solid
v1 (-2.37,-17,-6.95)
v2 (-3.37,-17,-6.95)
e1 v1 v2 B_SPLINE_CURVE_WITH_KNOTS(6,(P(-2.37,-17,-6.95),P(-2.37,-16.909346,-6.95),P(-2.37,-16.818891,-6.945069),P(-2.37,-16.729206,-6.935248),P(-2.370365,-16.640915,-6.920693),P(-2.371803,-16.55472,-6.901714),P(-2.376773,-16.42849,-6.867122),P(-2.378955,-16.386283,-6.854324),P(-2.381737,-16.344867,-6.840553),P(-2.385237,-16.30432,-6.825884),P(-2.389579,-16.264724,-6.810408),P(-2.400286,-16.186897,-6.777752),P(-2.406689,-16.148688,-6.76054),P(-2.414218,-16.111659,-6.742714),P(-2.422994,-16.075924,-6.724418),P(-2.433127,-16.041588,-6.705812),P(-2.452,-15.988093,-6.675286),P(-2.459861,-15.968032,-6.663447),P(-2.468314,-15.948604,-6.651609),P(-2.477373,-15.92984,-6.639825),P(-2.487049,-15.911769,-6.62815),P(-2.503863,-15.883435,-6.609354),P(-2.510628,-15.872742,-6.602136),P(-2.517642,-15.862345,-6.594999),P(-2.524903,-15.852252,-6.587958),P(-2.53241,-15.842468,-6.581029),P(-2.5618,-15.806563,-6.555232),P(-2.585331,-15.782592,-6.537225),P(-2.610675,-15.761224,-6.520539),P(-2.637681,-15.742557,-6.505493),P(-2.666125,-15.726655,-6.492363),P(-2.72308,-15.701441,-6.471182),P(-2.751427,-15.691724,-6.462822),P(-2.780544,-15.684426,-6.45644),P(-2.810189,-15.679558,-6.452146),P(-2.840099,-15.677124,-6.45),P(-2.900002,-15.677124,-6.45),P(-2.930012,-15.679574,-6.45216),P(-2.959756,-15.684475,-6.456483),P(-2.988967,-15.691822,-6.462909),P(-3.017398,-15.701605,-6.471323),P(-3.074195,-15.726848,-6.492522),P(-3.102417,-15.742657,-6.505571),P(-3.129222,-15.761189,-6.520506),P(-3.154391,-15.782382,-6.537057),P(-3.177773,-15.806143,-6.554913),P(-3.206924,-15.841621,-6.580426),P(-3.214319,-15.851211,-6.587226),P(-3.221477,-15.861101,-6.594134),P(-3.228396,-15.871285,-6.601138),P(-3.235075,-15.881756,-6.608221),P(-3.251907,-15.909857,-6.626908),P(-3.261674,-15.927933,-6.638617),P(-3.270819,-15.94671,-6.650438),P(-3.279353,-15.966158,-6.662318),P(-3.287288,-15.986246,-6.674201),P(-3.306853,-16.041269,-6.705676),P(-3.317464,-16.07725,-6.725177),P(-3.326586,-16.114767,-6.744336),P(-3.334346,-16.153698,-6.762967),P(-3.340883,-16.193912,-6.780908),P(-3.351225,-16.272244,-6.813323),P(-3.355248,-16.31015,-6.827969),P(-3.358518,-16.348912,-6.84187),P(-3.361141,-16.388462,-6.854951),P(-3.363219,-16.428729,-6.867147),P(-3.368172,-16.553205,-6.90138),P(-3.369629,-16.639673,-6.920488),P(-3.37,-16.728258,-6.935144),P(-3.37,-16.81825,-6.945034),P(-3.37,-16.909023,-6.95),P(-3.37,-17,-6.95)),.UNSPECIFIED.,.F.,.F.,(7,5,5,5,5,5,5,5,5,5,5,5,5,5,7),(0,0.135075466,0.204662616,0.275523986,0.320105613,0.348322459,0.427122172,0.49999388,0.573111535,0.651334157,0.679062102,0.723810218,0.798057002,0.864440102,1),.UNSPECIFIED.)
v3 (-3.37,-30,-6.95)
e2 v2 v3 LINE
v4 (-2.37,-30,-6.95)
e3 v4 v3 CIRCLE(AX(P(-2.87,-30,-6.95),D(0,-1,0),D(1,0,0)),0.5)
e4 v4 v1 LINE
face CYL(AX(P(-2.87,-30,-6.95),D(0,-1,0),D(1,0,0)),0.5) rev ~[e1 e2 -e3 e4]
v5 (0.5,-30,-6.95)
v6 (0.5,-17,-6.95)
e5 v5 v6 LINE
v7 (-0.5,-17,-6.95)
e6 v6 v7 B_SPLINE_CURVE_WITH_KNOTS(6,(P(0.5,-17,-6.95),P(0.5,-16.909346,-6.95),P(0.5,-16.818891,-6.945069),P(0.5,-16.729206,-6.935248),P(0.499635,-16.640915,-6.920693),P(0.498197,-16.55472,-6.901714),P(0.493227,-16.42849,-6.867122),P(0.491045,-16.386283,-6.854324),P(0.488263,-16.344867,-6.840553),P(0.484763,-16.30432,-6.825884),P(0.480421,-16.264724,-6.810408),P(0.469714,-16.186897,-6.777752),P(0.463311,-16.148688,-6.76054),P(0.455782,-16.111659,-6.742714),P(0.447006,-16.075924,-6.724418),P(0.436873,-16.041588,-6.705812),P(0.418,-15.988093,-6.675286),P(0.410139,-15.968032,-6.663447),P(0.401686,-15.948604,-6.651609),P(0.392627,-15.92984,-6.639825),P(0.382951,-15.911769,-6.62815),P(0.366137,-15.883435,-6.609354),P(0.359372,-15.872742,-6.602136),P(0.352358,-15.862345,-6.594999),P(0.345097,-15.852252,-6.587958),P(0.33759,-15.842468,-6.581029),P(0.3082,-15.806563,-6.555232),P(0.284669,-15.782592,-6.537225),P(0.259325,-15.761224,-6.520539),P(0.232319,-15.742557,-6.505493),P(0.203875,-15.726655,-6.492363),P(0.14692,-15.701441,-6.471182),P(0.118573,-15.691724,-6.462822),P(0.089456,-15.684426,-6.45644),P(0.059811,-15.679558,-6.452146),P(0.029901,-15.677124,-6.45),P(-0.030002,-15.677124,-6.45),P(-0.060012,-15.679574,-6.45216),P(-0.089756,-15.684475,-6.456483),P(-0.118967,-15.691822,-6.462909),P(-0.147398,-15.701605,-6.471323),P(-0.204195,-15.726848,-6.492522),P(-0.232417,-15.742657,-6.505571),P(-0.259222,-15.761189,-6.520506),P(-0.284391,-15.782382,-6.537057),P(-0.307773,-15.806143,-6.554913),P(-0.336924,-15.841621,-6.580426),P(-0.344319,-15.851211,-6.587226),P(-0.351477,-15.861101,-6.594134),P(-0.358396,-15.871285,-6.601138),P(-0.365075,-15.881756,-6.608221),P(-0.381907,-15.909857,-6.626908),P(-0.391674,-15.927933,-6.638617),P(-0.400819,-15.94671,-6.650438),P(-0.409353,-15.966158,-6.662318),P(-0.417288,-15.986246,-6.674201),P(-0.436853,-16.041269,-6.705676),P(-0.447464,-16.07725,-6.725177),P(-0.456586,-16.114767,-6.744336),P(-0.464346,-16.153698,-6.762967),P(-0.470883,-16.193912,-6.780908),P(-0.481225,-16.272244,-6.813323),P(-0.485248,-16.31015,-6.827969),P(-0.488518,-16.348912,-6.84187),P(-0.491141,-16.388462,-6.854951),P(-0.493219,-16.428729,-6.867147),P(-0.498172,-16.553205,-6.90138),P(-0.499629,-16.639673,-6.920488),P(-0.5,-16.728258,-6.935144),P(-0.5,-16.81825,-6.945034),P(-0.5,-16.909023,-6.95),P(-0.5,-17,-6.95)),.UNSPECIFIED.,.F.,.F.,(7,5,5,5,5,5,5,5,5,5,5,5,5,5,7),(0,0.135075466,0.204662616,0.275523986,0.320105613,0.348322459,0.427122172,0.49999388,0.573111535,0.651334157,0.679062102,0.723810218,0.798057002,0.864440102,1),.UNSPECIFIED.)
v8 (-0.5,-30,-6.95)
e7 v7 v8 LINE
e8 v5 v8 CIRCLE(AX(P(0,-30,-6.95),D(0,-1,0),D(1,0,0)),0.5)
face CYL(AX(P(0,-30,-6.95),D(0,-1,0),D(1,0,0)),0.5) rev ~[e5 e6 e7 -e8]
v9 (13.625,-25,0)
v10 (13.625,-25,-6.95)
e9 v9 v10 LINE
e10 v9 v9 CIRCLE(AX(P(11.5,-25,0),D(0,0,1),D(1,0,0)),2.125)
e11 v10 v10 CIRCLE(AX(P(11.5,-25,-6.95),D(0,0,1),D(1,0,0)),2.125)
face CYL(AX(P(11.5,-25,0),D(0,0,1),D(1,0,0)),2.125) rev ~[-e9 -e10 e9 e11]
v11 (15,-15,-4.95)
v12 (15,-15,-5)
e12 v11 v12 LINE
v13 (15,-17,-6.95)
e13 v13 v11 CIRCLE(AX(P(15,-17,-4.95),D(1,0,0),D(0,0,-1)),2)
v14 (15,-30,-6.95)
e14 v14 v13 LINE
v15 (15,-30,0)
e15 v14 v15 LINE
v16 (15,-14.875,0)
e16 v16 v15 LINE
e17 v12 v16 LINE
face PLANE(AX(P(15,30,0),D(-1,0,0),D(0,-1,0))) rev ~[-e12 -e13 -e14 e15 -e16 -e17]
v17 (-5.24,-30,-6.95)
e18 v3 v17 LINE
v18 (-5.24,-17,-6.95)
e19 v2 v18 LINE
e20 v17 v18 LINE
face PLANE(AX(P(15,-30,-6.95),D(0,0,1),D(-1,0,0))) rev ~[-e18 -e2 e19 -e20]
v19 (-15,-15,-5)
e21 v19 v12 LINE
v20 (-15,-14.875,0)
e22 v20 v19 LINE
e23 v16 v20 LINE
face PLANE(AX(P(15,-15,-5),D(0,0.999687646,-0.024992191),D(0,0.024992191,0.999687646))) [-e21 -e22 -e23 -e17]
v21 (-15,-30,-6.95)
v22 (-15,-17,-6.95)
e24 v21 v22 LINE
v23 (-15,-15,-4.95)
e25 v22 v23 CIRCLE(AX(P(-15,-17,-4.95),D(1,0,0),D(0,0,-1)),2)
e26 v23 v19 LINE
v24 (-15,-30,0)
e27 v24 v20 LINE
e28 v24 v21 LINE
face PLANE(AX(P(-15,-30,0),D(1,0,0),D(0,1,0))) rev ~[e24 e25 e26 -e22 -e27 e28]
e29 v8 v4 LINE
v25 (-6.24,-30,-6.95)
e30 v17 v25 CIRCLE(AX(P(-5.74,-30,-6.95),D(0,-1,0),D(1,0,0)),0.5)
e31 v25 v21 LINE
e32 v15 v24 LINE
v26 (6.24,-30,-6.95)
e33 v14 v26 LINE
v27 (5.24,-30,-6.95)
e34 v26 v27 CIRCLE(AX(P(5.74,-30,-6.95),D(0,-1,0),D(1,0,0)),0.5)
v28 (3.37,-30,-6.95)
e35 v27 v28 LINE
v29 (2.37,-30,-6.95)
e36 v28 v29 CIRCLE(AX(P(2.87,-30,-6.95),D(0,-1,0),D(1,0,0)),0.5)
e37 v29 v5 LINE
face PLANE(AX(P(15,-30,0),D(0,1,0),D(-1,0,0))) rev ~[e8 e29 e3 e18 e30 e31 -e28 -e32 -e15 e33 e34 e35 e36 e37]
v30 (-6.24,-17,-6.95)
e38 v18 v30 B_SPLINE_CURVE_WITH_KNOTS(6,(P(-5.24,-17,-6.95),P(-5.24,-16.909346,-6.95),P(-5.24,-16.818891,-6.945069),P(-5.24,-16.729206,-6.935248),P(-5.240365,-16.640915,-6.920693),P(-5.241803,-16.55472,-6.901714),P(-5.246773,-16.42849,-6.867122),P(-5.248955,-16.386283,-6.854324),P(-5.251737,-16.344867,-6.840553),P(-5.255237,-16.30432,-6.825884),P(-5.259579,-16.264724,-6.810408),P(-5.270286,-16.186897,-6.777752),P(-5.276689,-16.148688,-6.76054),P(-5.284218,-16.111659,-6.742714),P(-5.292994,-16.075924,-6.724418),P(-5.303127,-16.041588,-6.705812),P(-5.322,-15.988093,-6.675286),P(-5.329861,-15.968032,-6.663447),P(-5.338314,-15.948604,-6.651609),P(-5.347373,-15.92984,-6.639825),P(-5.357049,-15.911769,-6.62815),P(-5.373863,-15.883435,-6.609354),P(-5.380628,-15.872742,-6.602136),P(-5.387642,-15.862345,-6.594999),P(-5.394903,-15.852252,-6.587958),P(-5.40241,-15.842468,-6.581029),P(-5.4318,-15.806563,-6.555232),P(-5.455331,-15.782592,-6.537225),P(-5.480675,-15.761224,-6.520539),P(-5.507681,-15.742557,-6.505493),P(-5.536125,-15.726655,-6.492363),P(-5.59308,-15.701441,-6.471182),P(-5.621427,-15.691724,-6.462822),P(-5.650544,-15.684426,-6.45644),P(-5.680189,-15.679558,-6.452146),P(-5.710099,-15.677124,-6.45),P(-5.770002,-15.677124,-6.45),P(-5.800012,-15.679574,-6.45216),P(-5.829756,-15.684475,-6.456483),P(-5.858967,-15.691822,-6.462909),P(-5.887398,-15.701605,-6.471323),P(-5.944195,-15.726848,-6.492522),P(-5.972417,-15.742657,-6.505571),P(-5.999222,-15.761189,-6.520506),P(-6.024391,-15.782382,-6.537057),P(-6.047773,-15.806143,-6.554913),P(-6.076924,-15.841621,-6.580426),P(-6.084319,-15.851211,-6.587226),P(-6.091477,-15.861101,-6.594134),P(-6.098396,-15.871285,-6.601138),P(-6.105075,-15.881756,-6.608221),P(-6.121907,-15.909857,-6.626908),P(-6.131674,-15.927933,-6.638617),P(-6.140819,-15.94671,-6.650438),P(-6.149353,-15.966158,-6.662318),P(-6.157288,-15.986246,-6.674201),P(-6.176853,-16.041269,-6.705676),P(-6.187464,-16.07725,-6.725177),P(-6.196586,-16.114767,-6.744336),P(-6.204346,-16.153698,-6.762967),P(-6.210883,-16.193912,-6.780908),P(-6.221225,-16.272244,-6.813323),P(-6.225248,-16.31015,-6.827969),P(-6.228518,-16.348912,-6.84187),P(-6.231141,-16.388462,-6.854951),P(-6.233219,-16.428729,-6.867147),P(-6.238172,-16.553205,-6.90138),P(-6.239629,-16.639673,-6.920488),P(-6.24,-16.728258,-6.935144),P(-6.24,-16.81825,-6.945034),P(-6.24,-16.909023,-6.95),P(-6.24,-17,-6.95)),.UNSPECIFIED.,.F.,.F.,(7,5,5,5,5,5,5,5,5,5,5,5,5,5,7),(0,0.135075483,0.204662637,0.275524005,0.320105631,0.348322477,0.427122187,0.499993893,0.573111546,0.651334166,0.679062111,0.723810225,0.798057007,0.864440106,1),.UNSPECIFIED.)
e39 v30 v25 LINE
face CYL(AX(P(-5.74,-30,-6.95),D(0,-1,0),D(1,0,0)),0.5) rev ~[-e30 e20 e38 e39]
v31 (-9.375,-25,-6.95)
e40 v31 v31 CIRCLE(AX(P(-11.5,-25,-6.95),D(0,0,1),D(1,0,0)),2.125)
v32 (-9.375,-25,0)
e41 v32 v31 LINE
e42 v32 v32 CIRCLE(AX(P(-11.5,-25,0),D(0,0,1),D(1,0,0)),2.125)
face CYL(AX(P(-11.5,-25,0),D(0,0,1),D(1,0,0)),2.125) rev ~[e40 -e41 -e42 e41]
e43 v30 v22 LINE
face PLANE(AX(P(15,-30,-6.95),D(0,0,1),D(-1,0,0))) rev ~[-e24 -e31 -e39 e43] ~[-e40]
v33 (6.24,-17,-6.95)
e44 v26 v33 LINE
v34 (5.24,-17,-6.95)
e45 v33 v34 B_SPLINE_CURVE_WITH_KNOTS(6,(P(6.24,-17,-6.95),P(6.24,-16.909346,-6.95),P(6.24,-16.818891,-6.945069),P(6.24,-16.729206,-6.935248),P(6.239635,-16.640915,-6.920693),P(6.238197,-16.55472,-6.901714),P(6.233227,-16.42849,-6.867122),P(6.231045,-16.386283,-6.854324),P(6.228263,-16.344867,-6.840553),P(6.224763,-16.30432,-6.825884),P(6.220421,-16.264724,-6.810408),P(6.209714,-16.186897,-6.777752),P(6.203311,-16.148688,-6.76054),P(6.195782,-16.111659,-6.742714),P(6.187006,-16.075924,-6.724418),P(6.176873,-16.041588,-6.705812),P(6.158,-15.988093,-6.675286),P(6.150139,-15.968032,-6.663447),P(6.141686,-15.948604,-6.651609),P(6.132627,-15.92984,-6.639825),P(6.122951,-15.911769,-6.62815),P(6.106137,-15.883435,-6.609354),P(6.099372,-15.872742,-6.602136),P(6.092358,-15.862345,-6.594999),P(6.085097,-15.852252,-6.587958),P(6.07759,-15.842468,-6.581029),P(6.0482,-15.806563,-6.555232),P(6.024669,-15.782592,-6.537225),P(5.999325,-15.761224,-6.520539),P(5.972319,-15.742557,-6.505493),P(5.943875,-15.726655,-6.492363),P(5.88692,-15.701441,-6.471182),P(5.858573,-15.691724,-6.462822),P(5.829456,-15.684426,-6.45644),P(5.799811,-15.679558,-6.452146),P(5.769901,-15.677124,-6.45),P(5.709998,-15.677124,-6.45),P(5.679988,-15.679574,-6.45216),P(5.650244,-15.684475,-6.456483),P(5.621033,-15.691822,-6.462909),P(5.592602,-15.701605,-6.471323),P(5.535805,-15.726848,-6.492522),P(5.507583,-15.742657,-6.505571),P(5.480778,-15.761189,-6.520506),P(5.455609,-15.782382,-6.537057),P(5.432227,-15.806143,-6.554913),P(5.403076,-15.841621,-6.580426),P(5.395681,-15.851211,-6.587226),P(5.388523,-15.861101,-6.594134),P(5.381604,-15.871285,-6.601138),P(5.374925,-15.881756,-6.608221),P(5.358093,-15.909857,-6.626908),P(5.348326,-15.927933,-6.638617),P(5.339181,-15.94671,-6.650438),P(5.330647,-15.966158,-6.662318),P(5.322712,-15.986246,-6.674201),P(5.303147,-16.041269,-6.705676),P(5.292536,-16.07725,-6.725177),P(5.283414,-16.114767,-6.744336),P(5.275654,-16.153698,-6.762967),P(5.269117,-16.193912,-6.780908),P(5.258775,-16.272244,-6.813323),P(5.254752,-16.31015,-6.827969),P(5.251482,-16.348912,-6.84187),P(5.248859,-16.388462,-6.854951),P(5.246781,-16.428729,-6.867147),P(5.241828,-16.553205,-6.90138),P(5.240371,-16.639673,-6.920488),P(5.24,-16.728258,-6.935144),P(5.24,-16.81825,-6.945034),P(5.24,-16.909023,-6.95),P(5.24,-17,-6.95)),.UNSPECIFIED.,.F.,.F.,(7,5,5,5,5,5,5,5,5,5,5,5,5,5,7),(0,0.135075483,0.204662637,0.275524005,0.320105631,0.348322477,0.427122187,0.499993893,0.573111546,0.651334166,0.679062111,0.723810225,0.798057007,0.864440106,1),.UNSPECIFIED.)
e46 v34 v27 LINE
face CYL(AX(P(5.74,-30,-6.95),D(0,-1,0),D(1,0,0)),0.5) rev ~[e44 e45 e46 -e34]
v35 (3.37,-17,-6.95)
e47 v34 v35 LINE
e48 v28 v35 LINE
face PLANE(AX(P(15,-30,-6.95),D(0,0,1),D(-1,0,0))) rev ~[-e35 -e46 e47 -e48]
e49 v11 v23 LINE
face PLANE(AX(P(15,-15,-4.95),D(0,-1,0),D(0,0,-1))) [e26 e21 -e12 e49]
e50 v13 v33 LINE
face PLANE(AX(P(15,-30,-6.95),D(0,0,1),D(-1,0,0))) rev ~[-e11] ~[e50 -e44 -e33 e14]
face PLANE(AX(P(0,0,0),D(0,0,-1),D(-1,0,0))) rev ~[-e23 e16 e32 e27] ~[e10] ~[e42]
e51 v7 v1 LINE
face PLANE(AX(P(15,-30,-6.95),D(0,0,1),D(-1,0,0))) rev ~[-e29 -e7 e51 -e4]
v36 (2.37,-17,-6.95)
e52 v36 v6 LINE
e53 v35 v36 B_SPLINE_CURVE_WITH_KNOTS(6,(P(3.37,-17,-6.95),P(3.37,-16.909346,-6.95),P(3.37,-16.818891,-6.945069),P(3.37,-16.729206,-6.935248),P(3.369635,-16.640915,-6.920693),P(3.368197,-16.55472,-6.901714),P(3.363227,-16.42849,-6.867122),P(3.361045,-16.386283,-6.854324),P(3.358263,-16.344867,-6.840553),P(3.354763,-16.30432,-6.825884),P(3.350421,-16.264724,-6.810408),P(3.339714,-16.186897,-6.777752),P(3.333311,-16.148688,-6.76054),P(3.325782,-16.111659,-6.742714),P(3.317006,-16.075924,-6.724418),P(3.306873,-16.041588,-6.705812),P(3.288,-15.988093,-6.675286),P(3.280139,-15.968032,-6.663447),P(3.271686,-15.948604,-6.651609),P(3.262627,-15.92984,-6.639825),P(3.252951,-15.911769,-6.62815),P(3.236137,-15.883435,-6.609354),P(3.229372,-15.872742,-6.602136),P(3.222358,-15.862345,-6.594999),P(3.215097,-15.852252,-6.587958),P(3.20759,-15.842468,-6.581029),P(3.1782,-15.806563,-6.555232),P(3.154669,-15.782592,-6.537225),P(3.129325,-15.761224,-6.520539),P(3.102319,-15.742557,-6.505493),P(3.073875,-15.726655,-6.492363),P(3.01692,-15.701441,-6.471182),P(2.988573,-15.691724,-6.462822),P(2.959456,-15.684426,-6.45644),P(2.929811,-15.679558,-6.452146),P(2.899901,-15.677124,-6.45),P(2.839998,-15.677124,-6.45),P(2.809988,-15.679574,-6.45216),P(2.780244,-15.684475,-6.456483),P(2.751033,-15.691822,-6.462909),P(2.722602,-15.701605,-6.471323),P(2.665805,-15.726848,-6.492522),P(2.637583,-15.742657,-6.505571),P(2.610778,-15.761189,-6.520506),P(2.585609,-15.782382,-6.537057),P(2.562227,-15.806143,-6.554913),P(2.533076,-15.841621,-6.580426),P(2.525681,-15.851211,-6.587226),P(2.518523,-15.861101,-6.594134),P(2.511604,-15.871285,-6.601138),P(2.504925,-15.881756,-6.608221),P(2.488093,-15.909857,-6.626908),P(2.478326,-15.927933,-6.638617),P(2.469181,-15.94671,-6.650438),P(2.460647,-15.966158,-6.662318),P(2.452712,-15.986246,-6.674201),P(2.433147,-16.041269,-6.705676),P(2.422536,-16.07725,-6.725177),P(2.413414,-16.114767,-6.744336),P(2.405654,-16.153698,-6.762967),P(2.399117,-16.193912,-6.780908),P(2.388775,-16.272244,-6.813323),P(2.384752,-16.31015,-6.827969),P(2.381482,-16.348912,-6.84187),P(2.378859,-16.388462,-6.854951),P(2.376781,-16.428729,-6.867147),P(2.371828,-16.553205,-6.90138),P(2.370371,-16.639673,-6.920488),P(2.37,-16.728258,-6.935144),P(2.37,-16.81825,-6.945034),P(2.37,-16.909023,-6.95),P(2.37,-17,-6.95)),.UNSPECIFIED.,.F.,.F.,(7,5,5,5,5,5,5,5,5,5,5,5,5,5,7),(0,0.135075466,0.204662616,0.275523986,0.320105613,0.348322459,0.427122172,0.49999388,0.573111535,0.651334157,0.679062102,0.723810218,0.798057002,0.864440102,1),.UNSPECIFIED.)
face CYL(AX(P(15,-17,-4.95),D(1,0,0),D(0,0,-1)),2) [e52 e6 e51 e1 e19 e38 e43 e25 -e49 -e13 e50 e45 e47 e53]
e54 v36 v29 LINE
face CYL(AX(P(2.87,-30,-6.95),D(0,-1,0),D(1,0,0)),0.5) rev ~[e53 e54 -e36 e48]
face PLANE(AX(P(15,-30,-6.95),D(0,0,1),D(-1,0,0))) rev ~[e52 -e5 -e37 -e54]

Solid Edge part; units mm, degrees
sketch "Sketch1" plane through (0, 0, 0) normal (0, 0, 1) x (1, 0, 0)
  line L0 (15, -30) -> (-15, -30)
  line L1 (-15, -30) -> (-15, 30)
  line L2 (-15, 30) -> (15, 30)
  line L3 (15, 30) -> (15, -30)
extrude "Protrusion1" add sketch "Sketch1" against normal blind 5
sketch "Sketch2" plane through (0, -30, -2.5) normal (0, -1, 0) x (1, 0, 0)
  line L0 (15, -2.5) -> (15, -4.45)
  line L1 (15, -4.45) -> (-15, -4.45)
  line L2 (-15, -4.45) -> (-15, -2.5)
  line L3 (-15, -2.5) -> (15, -2.5)
extrude "ExtrudedProtrusion_2" add sketch "Sketch2" against normal blind 15
fillet "Round_1" radius 2 1 edges at (0, -15, -6.95)
sketch "Sketch3" plane through (0, -30, -3.475) normal (0, -1, 0) x (1, 0, 0)
  circle A0 centre (-5.74, -3.475) radius 0.5
  circle A1 centre (-2.87, -3.475) radius 0.5
  circle A2 centre (0, -3.475) radius 0.5
  circle A3 centre (2.87, -3.475) radius 0.5
  circle A4 centre (5.74, -3.475) radius 0.5
  dimension "D1" = 2.87
extrude "Cutout1" cut sketch "Sketch3" against normal up to next
sketch "Sketch4" plane through (0, 0, 0) normal (0, 0, 1) x (1, 0, 0)
  circle A0 centre (11.5, -25) radius 2.125
  circle A1 centre (-11.5, -25) radius 2.125
  circle A2 centre (-11.5, 25) radius 2.125
  circle A3 centre (11.5, 25) radius 2.125
  dimension "D1" = 23
  dimension "D2" = 50
extrude "Cutout2" cut sketch "Sketch4" against normal up to next
sketch "Sketch5" plane through (0, 7.5, -5) normal (0, 0, -1) x (-1, 0, 0)
  line L0 (3.2448, 10.1167) -> (3.2448, -2.3765)
  line L1 (3.2448, -2.3765) -> (8.2455, -2.3765)
  line L2 (8.2455, -2.3765) -> (8.2455, 10.1167)
  line L3 (8.2455, 10.1167) -> (3.2448, 10.1167)
extrude "Cutout3" cut sketch "Sketch5" against normal up to next
sketch "Sketch6" plane through (15, 0, -3.475) normal (1, 0, 0) x (0, 1, 0)
  line L0 (-15, -1.525) -> (-14.875, 3.475)
  line L1 (-14.875, 3.475) -> (30, 3.475)
  line L2 (30, 3.475) -> (30, -1.525)
  line L3 (30, -1.525) -> (-15, -1.525)
extrude "Cutout4" cut sketch "Sketch6" against normal up to next
